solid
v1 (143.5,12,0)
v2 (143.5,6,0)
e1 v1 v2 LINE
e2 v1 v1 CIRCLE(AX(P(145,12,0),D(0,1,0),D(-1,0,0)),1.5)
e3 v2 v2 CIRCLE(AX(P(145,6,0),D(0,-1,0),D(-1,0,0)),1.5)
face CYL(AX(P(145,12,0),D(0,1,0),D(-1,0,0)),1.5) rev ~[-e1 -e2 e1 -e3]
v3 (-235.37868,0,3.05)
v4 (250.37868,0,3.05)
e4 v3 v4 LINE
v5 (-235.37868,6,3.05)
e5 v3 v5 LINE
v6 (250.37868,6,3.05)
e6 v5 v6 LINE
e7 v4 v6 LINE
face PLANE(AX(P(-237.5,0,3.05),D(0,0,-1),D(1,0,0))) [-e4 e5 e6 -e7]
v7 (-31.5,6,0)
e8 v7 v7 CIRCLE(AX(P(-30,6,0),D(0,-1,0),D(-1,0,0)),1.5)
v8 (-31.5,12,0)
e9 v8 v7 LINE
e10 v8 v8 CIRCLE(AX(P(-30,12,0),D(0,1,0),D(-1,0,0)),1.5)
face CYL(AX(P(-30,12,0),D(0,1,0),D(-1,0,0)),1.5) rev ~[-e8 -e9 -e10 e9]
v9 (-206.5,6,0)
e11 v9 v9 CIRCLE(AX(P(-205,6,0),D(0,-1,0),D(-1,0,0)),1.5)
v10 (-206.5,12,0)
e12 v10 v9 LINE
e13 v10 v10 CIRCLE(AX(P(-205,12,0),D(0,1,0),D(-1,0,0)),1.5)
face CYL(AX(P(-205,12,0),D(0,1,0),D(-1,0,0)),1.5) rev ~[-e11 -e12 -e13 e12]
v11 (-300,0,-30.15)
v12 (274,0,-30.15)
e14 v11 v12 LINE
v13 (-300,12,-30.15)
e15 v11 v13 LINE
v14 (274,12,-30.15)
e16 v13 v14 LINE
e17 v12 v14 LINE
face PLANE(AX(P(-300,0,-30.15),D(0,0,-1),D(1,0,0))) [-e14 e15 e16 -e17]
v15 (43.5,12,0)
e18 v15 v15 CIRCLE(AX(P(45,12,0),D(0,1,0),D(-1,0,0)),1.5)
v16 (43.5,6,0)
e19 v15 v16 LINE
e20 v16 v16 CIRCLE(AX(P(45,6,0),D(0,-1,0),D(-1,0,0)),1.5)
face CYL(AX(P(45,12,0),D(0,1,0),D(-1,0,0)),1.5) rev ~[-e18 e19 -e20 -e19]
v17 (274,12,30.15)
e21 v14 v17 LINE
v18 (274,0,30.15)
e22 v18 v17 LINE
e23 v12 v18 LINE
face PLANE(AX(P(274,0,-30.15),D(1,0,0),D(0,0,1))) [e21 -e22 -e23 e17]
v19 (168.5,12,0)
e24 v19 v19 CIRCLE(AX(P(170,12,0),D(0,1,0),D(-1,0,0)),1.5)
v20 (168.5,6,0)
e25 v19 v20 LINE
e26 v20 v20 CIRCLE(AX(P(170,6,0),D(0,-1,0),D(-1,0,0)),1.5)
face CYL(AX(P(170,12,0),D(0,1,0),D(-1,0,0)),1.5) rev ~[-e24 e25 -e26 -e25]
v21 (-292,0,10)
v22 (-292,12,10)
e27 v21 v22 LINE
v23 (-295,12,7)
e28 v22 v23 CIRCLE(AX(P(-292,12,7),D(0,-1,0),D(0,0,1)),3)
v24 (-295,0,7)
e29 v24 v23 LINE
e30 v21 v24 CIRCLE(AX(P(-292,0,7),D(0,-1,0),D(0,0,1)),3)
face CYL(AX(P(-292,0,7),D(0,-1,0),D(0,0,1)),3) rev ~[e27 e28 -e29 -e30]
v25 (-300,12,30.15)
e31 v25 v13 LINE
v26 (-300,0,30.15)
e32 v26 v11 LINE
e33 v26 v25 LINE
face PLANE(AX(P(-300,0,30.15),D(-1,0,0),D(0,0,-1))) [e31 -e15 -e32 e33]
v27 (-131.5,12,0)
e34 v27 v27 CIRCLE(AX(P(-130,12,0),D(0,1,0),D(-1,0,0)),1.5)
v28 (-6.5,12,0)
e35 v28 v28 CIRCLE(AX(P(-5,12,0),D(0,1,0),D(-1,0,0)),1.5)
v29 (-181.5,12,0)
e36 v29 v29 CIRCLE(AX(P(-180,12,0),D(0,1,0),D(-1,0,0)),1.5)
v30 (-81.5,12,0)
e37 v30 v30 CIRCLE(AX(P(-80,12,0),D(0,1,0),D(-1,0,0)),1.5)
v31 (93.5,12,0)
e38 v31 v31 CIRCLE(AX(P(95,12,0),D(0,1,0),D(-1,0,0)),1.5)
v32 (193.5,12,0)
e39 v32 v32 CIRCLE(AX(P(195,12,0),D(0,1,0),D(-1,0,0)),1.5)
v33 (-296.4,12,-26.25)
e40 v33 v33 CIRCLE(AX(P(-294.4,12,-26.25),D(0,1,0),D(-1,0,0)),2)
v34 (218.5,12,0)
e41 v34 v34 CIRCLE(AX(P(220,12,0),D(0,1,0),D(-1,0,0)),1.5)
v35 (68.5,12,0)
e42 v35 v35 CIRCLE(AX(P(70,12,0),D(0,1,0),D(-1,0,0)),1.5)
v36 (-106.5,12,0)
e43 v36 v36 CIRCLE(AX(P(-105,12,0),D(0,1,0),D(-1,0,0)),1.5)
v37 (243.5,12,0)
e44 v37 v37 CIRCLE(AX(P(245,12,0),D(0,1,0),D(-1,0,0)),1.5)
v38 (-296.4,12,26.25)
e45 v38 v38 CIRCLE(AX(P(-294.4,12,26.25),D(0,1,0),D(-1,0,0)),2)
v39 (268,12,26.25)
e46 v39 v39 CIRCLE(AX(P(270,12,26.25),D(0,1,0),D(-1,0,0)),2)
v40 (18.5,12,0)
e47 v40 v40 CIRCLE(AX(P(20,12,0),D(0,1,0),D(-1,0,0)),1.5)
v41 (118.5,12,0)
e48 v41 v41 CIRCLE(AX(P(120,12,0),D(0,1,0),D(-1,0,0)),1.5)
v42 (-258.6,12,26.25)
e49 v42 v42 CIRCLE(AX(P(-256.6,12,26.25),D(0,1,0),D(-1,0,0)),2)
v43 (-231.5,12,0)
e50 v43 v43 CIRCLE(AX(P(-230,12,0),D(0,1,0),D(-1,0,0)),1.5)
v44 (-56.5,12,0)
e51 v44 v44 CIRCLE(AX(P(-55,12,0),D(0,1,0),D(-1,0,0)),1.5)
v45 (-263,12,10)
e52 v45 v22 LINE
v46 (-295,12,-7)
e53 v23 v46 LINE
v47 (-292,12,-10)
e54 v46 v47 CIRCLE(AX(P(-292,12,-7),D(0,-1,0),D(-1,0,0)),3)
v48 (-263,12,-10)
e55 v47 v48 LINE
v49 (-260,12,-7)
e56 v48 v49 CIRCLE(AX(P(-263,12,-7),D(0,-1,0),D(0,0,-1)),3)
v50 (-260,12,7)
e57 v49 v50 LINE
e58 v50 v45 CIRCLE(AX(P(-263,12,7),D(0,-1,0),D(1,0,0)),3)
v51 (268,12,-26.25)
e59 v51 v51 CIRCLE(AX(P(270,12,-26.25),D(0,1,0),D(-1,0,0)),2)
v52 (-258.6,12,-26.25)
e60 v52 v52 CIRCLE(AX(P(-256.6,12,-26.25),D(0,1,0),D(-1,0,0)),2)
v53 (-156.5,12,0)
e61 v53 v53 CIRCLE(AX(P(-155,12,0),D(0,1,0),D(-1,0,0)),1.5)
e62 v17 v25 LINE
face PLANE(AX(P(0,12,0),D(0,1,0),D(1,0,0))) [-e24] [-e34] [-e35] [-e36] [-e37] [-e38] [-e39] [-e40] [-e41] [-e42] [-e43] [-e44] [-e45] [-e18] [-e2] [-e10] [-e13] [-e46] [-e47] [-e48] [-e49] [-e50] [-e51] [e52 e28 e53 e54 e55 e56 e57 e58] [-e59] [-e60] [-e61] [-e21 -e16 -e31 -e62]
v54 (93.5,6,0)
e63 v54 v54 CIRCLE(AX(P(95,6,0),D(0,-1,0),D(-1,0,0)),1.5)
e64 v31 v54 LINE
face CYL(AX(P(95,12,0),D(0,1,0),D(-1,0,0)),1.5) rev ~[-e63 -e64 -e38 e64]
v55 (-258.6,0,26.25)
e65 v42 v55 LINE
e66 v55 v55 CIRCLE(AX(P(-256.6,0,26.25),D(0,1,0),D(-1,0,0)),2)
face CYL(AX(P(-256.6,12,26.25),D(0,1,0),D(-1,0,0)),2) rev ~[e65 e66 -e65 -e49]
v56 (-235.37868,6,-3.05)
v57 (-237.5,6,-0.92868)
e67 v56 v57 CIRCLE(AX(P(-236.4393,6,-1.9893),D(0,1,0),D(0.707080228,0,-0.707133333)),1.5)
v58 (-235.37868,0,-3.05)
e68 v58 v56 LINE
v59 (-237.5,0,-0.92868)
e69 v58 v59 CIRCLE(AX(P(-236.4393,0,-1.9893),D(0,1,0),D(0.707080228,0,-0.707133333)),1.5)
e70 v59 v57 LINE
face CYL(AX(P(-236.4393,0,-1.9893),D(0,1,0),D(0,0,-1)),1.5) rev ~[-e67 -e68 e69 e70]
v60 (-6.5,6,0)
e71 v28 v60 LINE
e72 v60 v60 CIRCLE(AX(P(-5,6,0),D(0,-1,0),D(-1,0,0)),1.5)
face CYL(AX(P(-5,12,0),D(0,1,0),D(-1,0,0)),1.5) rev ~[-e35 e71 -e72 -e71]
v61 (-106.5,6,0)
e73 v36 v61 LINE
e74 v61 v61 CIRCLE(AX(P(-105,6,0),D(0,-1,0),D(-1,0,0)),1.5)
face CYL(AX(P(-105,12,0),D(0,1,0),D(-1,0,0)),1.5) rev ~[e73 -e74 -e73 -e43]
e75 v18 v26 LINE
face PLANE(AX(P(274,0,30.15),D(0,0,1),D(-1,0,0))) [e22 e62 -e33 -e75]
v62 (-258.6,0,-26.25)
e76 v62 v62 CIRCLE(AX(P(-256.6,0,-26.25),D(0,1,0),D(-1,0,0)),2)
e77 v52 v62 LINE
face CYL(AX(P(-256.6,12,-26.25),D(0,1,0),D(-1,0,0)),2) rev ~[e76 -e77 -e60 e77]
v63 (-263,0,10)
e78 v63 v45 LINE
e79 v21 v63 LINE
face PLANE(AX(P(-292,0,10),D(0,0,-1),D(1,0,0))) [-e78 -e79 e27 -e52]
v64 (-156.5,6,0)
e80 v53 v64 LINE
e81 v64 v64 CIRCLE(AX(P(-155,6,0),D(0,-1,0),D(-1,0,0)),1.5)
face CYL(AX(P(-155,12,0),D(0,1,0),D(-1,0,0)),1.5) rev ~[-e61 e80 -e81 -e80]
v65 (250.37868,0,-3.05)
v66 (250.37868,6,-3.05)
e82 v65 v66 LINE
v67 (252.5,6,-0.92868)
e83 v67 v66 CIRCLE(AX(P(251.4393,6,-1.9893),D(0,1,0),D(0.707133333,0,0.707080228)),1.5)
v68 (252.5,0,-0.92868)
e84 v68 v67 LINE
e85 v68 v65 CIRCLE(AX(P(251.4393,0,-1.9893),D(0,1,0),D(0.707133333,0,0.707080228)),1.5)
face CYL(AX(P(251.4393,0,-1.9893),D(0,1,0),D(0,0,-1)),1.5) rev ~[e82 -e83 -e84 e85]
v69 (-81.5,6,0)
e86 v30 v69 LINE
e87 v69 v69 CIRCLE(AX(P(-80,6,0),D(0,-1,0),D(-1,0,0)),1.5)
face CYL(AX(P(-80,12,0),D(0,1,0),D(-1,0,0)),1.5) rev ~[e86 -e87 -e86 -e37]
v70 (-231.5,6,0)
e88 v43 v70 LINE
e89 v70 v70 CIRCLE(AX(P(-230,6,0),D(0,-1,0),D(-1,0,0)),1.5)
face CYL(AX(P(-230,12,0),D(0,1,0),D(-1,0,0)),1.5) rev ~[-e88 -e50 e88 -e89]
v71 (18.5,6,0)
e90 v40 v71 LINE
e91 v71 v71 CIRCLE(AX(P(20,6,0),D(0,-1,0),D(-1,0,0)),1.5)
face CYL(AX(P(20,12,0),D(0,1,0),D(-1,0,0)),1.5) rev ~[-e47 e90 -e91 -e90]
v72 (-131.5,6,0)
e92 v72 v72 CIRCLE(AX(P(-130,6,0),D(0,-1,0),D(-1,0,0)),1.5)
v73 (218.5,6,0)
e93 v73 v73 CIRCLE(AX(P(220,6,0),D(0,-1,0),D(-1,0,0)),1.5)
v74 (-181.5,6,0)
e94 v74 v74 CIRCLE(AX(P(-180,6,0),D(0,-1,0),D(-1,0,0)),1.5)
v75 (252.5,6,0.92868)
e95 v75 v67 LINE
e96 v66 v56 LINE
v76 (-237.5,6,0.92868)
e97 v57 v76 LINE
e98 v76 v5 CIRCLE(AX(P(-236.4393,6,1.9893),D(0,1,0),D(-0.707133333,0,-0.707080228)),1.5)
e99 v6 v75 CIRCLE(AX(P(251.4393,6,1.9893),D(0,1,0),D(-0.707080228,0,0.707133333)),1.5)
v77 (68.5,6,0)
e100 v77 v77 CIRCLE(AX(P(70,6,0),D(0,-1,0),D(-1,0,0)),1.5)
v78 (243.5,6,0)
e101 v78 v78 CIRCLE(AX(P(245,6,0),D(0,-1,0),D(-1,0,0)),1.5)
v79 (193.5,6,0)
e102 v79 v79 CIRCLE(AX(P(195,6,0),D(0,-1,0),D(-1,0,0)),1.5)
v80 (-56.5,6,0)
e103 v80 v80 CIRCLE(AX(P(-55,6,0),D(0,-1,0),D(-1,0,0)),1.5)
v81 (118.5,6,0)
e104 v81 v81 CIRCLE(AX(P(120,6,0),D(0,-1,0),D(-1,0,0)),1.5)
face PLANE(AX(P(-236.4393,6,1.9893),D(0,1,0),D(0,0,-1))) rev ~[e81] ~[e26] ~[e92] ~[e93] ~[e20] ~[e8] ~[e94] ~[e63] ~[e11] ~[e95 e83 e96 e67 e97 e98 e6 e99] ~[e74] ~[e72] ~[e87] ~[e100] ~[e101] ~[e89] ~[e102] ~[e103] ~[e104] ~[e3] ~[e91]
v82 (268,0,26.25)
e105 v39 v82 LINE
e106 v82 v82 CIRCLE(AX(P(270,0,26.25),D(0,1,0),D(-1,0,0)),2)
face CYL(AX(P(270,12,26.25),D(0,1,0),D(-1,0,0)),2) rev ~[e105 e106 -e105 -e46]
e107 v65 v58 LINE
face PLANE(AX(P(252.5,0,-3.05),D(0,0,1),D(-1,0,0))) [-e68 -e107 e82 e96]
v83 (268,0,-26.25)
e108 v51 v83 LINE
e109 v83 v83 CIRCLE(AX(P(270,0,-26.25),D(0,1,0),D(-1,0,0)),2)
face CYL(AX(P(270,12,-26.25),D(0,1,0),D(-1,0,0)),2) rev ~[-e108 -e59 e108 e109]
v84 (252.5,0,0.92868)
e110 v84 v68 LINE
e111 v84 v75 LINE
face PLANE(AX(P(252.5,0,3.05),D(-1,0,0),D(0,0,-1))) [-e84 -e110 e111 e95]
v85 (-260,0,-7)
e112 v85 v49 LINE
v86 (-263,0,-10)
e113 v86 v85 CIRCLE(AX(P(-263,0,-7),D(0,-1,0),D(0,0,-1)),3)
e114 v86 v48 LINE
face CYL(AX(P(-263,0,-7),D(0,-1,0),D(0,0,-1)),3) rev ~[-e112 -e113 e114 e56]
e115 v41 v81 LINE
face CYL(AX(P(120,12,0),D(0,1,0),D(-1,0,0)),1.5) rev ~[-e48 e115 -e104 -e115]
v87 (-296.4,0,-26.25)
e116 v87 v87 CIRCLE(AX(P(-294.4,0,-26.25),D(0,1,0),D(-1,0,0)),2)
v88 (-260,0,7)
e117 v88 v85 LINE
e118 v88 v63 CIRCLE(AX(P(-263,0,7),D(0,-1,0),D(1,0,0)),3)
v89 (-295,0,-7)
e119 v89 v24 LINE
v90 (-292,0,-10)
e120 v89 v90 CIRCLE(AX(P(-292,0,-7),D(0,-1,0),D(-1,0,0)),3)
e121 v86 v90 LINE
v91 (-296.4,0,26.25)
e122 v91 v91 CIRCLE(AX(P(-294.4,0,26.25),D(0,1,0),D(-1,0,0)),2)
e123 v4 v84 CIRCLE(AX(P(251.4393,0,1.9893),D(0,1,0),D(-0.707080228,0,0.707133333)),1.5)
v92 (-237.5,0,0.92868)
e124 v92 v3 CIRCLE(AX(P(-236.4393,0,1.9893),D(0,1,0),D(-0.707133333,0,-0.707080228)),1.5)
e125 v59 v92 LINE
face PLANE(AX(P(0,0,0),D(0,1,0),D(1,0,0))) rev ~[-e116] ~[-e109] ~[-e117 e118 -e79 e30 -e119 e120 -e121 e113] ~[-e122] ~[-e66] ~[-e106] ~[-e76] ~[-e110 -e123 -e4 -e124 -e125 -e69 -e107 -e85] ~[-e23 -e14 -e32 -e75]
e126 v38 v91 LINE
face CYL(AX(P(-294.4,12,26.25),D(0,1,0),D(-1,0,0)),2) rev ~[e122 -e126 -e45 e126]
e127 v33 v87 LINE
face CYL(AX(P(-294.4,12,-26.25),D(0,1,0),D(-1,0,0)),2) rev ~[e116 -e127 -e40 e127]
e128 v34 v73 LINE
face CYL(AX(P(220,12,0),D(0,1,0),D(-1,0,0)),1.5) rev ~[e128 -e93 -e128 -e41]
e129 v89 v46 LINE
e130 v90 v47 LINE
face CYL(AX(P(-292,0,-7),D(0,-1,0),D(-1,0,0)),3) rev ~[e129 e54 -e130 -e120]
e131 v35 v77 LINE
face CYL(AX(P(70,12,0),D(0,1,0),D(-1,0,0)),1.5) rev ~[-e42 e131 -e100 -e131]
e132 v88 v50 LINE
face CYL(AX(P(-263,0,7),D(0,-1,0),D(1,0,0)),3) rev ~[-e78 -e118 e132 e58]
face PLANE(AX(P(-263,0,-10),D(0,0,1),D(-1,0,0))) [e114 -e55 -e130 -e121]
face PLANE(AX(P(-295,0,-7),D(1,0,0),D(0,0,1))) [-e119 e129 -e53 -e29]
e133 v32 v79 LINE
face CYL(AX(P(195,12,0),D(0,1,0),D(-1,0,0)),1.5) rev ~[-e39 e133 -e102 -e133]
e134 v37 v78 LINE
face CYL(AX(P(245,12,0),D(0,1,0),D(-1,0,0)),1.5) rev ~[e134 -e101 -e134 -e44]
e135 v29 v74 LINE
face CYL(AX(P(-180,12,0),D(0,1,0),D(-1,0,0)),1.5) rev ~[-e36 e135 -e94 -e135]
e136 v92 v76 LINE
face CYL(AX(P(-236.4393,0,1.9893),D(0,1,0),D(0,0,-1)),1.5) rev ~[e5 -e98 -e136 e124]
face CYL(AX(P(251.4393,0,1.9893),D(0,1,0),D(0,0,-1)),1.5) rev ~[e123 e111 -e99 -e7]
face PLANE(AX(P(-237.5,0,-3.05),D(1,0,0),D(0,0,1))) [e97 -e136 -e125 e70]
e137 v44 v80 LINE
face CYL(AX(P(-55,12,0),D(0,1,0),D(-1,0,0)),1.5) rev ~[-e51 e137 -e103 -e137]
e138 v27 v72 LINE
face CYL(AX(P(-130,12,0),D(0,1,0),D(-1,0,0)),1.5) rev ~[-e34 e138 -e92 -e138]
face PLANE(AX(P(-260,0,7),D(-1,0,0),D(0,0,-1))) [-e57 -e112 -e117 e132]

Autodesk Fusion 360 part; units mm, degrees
sketch "Sketch1" plane through (0, 0, 0) normal (0, 1, 0) x (1, 0, 0)
  line L0 (-300, 30.15) -> (274, 30.15)
  line L1 (274, 30.15) -> (274, -30.15)
  line L2 (274, -30.15) -> (-300, -30.15)
  line L3 (-300, -30.15) -> (-300, 30.15)
  dimension "d1" = 574
  dimension "d2" = 60.3
  dimension "d3" = 300
  dimension "d4" = 30.15
extrude "Extrude1" add sketch "Sketch1" along normal blind 12
sketch "Sketch2" plane through (0, 12, 0) normal (0, 1, 0) x (-1, 0, 0)
  circle A0 centre (256.6, 26.25) radius 2
  line L0 (300, 30.15) -> (-274, 30.15)
  line L1 (300, -30.15) -> (300, 30.15)
  line L2 (256.6, 26.25) -> (294.4, 26.25) construction
  line L3 (294.4, 26.25) -> (294.4, -26.25) construction
  line L4 (294.4, -26.25) -> (256.6, -26.25) construction
  line L5 (256.6, -26.25) -> (256.6, 26.25) construction
  circle A1 centre (294.4, -26.25) radius 2
  circle A2 centre (256.6, -26.25) radius 2
  circle A3 centre (294.4, 26.25) radius 2
  dimension "d9" = 4
  dimension "d13" = 52.5
  dimension "d14" = 37.8
  dimension "d15" = 26.25
  dimension "d16" = 5.6
  dimension "d17" = 4
  dimension "d18" = 4
  dimension "d19" = 4
extrude "Extrude2" cut sketch "Sketch2" against normal through all
sketch "Sketch3" plane through (0, 12, 0) normal (0, 1, 0) x (-1, 0, 0)
  circle A0 centre (256.6, 26.25) radius 2
  line L0 (300, 30.15) -> (-274, 30.15)
  line L1 (-274, 30.15) -> (-274, -30.15)
  line L2 (-274, -30.15) -> (300, -30.15)
  line L3 (300, -30.15) -> (300, 30.15)
  circle A1 centre (256.6, -26.25) radius 2
  circle A2 centre (294.4, -26.25) radius 2
  circle A3 centre (294.4, 26.25) radius 2
sketch "Sketch4" plane through (0, 12, 0) normal (0, 1, 0) x (-1, 0, 0)
  line L0 (300, 30.15) -> (-274, 30.15)
  line L1 (-274, 30.15) -> (-274, -30.15)
  line L2 (-274, -30.15) -> (300, -30.15)
  line L3 (300, -30.15) -> (300, 30.15)
  circle A0 centre (256.6, -26.25) radius 2
  circle A1 centre (294.4, -26.25) radius 2
  circle A2 centre (256.6, 26.25) radius 2
  circle A3 centre (294.4, 26.25) radius 2
  circle A4 centre (-270, -26.25) radius 2
  circle A5 centre (-270, 26.25) radius 2
  dimension "d21" = 4
  dimension "d22" = 4
  dimension "d23" = 52.5
  dimension "d26" = 4
  dimension "d27" = 4
  dimension "d30" = 26.25
extrude "Extrude4" cut sketch "Sketch4" against normal through all contours A4 | A5
sketch "Sketch5" plane through (0, 12, 0) normal (0, 1, 0) x (-1, 0, 0)
  circle A0 centre (-270, -26.25) radius 2
  circle A1 centre (-270, 26.25) radius 2
  line L0 (-274, -30.15) -> (300, -30.15)
  line L1 (300, -30.15) -> (300, 30.15)
  line L2 (300, 30.15) -> (-274, 30.15)
  line L3 (-274, 30.15) -> (-274, -30.15)
  circle A2 centre (256.6, -26.25) radius 2
  circle A3 centre (294.4, -26.25) radius 2
  circle A4 centre (256.6, 26.25) radius 2
  circle A5 centre (294.4, 26.25) radius 2
  line L4 (240, 0) -> (-260, 0) construction
  circle A6 centre (230, 0) radius 1.5
  circle A7 centre (205, 0) radius 1.5
  circle A8 centre (180, 0) radius 1.5
  circle A9 centre (155, 0) radius 1.5
  circle A10 centre (130, 0) radius 1.5
  circle A11 centre (105, 0) radius 1.5
  circle A12 centre (80, 0) radius 1.5
  circle A13 centre (55, 0) radius 1.5
  circle A14 centre (30, 0) radius 1.5
  circle A15 centre (5, 0) radius 1.5
  circle A16 centre (-20, 0) radius 1.5
  circle A17 centre (-45, 0) radius 1.5
  circle A18 centre (-70, 0) radius 1.5
  circle A19 centre (-95, 0) radius 1.5
  circle A20 centre (-120, 0) radius 1.5
  circle A21 centre (-145, 0) radius 1.5
  circle A22 centre (-170, 0) radius 1.5
  circle A23 centre (-195, 0) radius 1.5
  circle A24 centre (-220, 0) radius 1.5
  circle A25 centre (-245, 0) radius 1.5
  dimension "d34" = 60
  dimension "d35" = 10
  dimension "d36" = 3
  dimension "d39" = -25
  dimension "d40" = 0
  dimension "d41" = 500
  dimension "d42" = 25
  dimension "d43" = 15
extrude "Extrude5" cut sketch "Sketch5" against normal through all contours A6 | A7 | A8 | A9 | A10 | A11 | A12 | A13 | A14 | A15 | A16 | A17 | A18 | A19 | A20 | A21 | A22 | A23 | A24 | A25
sketch "Sketch6" plane through (0, 0, 0) normal (0, -1, 0) x (1, 0, 0)
  circle A0 centre (195, 0) radius 1.5
  circle A1 centre (95, 0) radius 1.5
  circle A2 centre (-5, 0) radius 1.5
  circle A3 centre (-105, 0) radius 1.5
  circle A4 centre (-205, 0) radius 1.5
  circle A5 centre (-180, 0) radius 1.5
  circle A6 centre (-80, 0) radius 1.5
  circle A7 centre (20, 0) radius 1.5
  circle A8 centre (120, 0) radius 1.5
  circle A9 centre (220, 0) radius 1.5
  circle A10 centre (170, 0) radius 1.5
  circle A11 centre (70, 0) radius 1.5
  circle A12 centre (-30, 0) radius 1.5
  circle A13 centre (-130, 0) radius 1.5
  circle A14 centre (-230, 0) radius 1.5
  circle A15 centre (-155, 0) radius 1.5
  circle A16 centre (-55, 0) radius 1.5
  circle A17 centre (45, 0) radius 1.5
  circle A18 centre (145, 0) radius 1.5
  circle A19 centre (245, 0) radius 1.5
  circle A20 centre (270, -26.25) radius 2
  circle A21 centre (270, 26.25) radius 2
  circle A22 centre (-256.6, -26.25) radius 2
  circle A23 centre (-294.4, -26.25) radius 2
  circle A24 centre (-256.6, 26.25) radius 2
  circle A25 centre (-294.4, 26.25) radius 2
  line L0 (274, -30.15) -> (274, 30.15)
  line L1 (274, 30.15) -> (-300, 30.15)
  line L2 (-300, 30.15) -> (-300, -30.15)
  line L3 (-300, -30.15) -> (274, -30.15)
  line L4 (-292, 10) -> (-263, 10)
  line L5 (-260, 7) -> (-260, -7)
  line L6 (-263, -10) -> (-292, -10)
  line L7 (-295, -7) -> (-295, 7)
  arc A26 (-292, 10) -> (-295, 7) centre (-292, 7) ccw
  arc A27 (-260, 7) -> (-263, 10) centre (-263, 7) ccw
  arc A28 (-263, -10) -> (-260, -7) centre (-263, -7) ccw
  arc A29 (-295, -7) -> (-292, -10) centre (-292, -7) ccw
  dimension "d45" = 20.15
  dimension "d46" = 20
  dimension "d47" = 35
  dimension "d48" = 5
  dimension "d49" = 3
  dimension "d50" = 3
extrude "Extrude6" cut sketch "Sketch6" against normal through all contours L4 L5 L6 L7 A26 A27 A28 A29
sketch "Sketch8" plane through (0, 0, 0) normal (0, -1, 0) x (1, 0, 0)
  line L0 (-260, 7) -> (-260, -7)
  arc A0 (-263, -10) -> (-260, -7) centre (-263, -7) ccw
  line L1 (-263, -10) -> (-292, -10)
  arc A1 (-295, -7) -> (-292, -10) centre (-292, -7) ccw
  line L2 (-295, -7) -> (-295, 7)
  arc A2 (-292, 10) -> (-295, 7) centre (-292, 7) ccw
  line L3 (-292, 10) -> (-263, 10)
  arc A3 (-260, 7) -> (-263, 10) centre (-263, 7) ccw
  circle A4 centre (195, 0) radius 1.5
  circle A5 centre (95, 0) radius 1.5
  circle A6 centre (-5, 0) radius 1.5
  circle A7 centre (-105, 0) radius 1.5
  circle A8 centre (-205, 0) radius 1.5
  circle A9 centre (-180, 0) radius 1.5
  circle A10 centre (-80, 0) radius 1.5
  circle A11 centre (20, 0) radius 1.5
  circle A12 centre (120, 0) radius 1.5
  circle A13 centre (220, 0) radius 1.5
  circle A14 centre (170, 0) radius 1.5
  circle A15 centre (70, 0) radius 1.5
  circle A16 centre (-30, 0) radius 1.5
  circle A17 centre (-130, 0) radius 1.5
  circle A18 centre (-230, 0) radius 1.5
  circle A19 centre (-155, 0) radius 1.5
  circle A20 centre (-55, 0) radius 1.5
  circle A21 centre (45, 0) radius 1.5
  circle A22 centre (145, 0) radius 1.5
  circle A23 centre (245, 0) radius 1.5
  circle A24 centre (270, -26.25) radius 2
  circle A25 centre (270, 26.25) radius 2
  circle A26 centre (-256.6, -26.25) radius 2
  circle A27 centre (-294.4, -26.25) radius 2
  circle A28 centre (-256.6, 26.25) radius 2
  circle A29 centre (-294.4, 26.25) radius 2
  line L4 (274, -30.15) -> (274, 30.15)
  line L5 (274, 30.15) -> (-300, 30.15)
  line L6 (-300, 30.15) -> (-300, -30.15)
  line L7 (-300, -30.15) -> (274, -30.15)
  circle A30 centre (-230, 0) radius 1.5
  line L8 (-237.5, 3.05) -> (252.5, 3.05)
  line L9 (252.5, 3.05) -> (252.5, -3.05)
  line L10 (252.5, -3.05) -> (-237.5, -3.05)
  line L11 (-237.5, -3.05) -> (-237.5, 3.05)
  line L12 (242.25, 2.75) -> (247.75, 2.75) construction
  line L13 (247.75, 2.75) -> (247.75, -2.75) construction
  line L14 (247.75, -2.75) -> (242.25, -2.75) construction
  line L15 (242.25, -2.75) -> (242.25, 2.75) construction
  circle A31 centre (249.5, 0.05) radius 3 construction
  line L16 (-232.75, 2.75) -> (-227.25, 2.75) construction
  line L17 (-227.25, 2.75) -> (-227.25, -2.75) construction
  line L18 (-227.25, -2.75) -> (-232.75, -2.75) construction
  line L19 (-232.75, -2.75) -> (-232.75, 2.75) construction
  dimension "d54" = 490
  dimension "d55" = 6.1
  dimension "d56" = 3.05
  dimension "d57" = 7.5
  dimension "d64" = 5.5
  dimension "d65" = 5.5
  dimension "d66" = 2.75
  dimension "d67" = 2.75
  dimension "d68" = 6
  dimension "d69" = 90
  dimension "d70" = 90
  dimension "d71" = 90
  dimension "d72" = 90
  dimension "d73" = 5.5
  dimension "d74" = 2.75
  dimension "d75" = 5.5
  dimension "d76" = 2.75
extrude "Extrude7" cut sketch "Sketch8" against normal blind 3 contours L8 L9 L10 L11
extrude "Extrude8" cut 1 faces at (-235.5, 3, 0) along direction (0, 1, 0) blind 3
hole "Hole3" at (251.4393, 0, -1.9893) direction (0, 1, 0) diameter 3 end up to surface (6 mm away)
hole "Hole4" at (-236.4393, 0, -1.9893) direction (0, 1, 0) diameter 3 end up to surface (6 mm away)
hole "Hole5" at (251.4393, 0, 1.9893) direction (0, 1, 0) diameter 3 end up to surface (6 mm away)
hole "Hole6" at (-236.4393, 0, 1.9893) direction (0, 1, 0) diameter 3 end up to surface (6 mm away)
equation "d1 = 600 mm - 19 mm - 7 mm"
equation "d4 = ( 60.3 / 2 ) * 1 mm"
equation "d15 = ( 52.5 / 2 ) * 1 mm"
equation "d34 = 75 mm - 15 mm"
equation "d56 = ( 6.1 / 2 ) * 1 mm"
equation "d66 = ( 5.5 / 2 ) * 1 mm"
equation "d67 = ( 5.5 / 2 ) * 1 mm"
equation "d74 = ( 5.5 / 2 ) * 1 mm"
equation "d76 = ( 5.5 / 2 ) * 1 mm"
equation "dbToolDia = 3 mm"
equation "dbOffset = 0 mm" comment "Do NOT change formula"
equation "dbRadius = ( dbToolDia + dbOffset ) / 2" comment "Do NOT change formula"
equation "dbMinPercent = 10"
equation "dbHoleOffset = dbRadius / sqrt(2)" comment "Do NOT change formula"
equation "d91 = dbRadius * 2"
equation "d93 = dbHoleOffset"
equation "d94 = dbHoleOffset"
equation "d96 = dbRadius * 2"
equation "d98 = dbHoleOffset"
equation "d99 = dbHoleOffset"
equation "d101 = dbRadius * 2"
equation "d103 = dbHoleOffset"
equation "d104 = dbHoleOffset"
equation "d106 = dbRadius * 2"
equation "d108 = dbHoleOffset"
equation "d109 = dbHoleOffset"
